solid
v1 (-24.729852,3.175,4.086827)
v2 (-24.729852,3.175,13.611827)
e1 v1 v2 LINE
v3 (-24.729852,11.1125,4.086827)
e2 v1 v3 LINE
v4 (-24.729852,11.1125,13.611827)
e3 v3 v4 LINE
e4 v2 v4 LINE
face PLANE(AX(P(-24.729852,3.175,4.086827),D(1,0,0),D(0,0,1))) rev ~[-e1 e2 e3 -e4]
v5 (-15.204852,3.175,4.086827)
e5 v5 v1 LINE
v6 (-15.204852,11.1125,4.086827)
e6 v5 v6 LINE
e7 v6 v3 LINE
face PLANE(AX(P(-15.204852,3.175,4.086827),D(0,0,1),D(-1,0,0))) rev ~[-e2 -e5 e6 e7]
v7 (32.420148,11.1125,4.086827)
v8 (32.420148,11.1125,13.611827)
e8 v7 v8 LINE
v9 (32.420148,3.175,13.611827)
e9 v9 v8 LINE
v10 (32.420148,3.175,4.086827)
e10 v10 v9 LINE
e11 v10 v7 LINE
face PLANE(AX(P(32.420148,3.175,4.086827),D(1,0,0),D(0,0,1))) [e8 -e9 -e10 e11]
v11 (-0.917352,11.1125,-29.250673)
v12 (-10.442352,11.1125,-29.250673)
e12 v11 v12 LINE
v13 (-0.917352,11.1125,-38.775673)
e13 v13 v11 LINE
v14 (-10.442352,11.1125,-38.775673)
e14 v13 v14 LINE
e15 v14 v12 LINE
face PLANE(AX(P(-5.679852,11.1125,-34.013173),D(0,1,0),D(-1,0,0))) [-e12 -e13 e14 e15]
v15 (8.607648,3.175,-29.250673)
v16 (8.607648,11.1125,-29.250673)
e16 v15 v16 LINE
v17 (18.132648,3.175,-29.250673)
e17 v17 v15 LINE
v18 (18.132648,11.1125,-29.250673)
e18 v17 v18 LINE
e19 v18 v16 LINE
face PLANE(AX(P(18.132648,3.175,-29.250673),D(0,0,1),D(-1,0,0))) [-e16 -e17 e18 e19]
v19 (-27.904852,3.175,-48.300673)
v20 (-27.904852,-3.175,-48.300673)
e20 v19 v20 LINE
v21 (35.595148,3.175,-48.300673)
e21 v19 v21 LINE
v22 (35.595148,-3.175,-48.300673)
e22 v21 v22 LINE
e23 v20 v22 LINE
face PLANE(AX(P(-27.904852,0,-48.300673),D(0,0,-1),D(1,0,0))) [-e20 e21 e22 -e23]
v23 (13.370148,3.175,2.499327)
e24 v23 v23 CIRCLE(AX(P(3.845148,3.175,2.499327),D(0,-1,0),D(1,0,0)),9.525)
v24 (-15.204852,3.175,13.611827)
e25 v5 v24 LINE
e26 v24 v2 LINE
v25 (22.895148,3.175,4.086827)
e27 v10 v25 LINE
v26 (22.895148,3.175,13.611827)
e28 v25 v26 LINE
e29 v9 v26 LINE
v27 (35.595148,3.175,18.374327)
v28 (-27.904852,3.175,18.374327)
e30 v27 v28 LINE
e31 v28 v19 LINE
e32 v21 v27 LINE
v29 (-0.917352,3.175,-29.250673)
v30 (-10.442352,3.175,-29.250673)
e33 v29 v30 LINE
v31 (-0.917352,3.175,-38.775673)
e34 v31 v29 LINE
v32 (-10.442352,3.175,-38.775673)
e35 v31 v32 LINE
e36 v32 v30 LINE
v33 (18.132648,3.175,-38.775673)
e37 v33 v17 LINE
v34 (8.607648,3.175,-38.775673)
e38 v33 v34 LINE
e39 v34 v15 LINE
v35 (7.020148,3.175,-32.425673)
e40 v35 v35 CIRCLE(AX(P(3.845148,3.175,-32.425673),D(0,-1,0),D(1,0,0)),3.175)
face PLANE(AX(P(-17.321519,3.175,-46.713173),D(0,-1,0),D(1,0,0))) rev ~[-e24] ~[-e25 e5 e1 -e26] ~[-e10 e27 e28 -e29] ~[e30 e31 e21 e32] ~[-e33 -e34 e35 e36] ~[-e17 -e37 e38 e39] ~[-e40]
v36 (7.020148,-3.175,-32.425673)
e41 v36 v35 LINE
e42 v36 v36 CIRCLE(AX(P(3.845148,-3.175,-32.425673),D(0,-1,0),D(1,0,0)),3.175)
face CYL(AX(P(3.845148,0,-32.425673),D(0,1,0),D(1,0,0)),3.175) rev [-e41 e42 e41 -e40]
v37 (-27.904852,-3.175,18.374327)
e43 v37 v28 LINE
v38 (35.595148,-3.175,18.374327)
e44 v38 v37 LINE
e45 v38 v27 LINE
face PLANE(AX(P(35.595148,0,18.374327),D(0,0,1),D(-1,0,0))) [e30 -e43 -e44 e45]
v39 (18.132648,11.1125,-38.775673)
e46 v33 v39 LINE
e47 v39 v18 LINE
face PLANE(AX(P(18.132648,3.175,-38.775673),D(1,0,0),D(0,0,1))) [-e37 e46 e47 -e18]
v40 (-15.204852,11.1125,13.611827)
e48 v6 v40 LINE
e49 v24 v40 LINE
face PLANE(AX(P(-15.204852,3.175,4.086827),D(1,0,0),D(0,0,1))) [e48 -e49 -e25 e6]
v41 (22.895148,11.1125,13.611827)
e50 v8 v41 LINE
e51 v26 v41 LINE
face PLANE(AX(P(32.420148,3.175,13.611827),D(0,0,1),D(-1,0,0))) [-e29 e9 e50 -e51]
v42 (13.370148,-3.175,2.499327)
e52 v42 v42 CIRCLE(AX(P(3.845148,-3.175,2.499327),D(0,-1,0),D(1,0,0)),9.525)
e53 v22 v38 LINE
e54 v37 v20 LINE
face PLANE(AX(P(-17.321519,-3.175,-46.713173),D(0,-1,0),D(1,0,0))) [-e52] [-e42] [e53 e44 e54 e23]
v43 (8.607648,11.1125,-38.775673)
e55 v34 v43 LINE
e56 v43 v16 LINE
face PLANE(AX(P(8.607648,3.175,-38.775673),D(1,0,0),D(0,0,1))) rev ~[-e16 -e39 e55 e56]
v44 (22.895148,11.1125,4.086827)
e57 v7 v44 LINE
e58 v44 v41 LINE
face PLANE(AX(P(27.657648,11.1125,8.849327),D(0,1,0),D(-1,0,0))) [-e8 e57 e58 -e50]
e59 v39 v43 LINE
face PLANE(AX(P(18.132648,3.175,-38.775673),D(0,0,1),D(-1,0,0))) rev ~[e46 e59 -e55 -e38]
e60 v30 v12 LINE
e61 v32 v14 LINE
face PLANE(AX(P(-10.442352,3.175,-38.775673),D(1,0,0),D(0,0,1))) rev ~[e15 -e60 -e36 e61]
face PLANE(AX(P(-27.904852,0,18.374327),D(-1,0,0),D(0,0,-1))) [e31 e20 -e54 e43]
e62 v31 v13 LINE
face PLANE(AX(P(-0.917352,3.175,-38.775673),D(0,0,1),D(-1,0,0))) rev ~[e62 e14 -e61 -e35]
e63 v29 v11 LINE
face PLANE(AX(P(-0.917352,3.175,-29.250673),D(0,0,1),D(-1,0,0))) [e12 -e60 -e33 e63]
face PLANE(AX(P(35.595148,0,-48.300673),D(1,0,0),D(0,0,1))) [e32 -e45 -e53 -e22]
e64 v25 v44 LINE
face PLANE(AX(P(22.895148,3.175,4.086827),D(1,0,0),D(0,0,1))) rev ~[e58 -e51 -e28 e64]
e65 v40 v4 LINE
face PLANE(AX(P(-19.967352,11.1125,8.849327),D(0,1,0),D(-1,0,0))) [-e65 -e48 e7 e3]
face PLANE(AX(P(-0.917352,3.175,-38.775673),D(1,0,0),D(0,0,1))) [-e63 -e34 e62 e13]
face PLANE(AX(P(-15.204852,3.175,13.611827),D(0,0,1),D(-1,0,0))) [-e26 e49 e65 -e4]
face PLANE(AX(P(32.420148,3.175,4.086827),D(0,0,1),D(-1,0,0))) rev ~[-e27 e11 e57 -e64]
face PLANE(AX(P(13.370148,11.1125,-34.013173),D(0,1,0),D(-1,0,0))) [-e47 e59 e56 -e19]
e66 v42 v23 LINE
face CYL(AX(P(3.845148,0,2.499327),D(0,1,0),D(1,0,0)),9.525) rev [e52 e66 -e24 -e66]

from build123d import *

# Parameters (mm, degrees)
F0_W     = 17.4625
F0_H     = 63.5
F0_R     = 3.175
F0_R_2   = 9.525
F0_W_2   = 21.1666666667
F0_H_2   = 3.175
F1_DEPTH = 3.175
F2_W     = 9.525
F2_H     = 9.525
F3_DEPTH = 7.9375


with BuildPart() as f1:
    # F0 (on Front) → F1 (new body, symmetric)
    with BuildSketch(Plane.XZ):
        Polygon((-10.4423522066, -45.1256732441), (-27.9048522066, -45.1256732441), (-27.9048522066, -48.3006732441), (-6.7381855399, -48.3006732441), (-6.7381855399, -45.1256732441), align=None)
        Polygon((35.5951477934, -45.1256732441), (18.1326477934, -45.1256732441), (14.4284811268, -45.1256732441), (14.4284811268, -48.3006732441), (35.5951477934, -48.3006732441), align=None)
        with Locations((-19.1736022066, -13.3756732441)):
            Rectangle(F0_W, F0_H)
        Polygon((18.1326477934, 18.3743267559), (-10.4423522066, 18.3743267559), (-10.4423522066, -45.1256732441), (-6.7381855399, -45.1256732441), (14.4284811268, -45.1256732441), (18.1326477934, -45.1256732441), align=None)
        with Locations((3.8451477934, -32.4256732441)):
            Circle(F0_R, mode=Mode.SUBTRACT)
        with Locations((3.8451477934, 2.4993267559)):
            Circle(F0_R_2, mode=Mode.SUBTRACT)
        with Locations((26.8638977934, -13.3756732441)):
            Rectangle(F0_W, F0_H)
        with Locations((3.8451477934, -46.7131732441)):
            Rectangle(F0_W_2, F0_H_2)
    extrude(amount=F1_DEPTH, both=True)

    # F2 (on face) → F3 (join)
    with BuildSketch(Plane(origin=(0, 3.175, 0), x_dir=(-1, 0, 0), z_dir=(0, 1, 0))):
        with Locations((19.9673522066, 8.8493267559)):
            Rectangle(F2_W, F2_H)
        with Locations((-27.6576477934, 8.8493267559)):
            Rectangle(F2_W, F2_H)
        with Locations((-13.3701477934, -34.0131732441)):
            Rectangle(F2_W, F2_H)
        with Locations((5.6798522066, -34.0131732441)):
            Rectangle(F2_W, F2_H)
    extrude(amount=F3_DEPTH)


solid = f1.part
